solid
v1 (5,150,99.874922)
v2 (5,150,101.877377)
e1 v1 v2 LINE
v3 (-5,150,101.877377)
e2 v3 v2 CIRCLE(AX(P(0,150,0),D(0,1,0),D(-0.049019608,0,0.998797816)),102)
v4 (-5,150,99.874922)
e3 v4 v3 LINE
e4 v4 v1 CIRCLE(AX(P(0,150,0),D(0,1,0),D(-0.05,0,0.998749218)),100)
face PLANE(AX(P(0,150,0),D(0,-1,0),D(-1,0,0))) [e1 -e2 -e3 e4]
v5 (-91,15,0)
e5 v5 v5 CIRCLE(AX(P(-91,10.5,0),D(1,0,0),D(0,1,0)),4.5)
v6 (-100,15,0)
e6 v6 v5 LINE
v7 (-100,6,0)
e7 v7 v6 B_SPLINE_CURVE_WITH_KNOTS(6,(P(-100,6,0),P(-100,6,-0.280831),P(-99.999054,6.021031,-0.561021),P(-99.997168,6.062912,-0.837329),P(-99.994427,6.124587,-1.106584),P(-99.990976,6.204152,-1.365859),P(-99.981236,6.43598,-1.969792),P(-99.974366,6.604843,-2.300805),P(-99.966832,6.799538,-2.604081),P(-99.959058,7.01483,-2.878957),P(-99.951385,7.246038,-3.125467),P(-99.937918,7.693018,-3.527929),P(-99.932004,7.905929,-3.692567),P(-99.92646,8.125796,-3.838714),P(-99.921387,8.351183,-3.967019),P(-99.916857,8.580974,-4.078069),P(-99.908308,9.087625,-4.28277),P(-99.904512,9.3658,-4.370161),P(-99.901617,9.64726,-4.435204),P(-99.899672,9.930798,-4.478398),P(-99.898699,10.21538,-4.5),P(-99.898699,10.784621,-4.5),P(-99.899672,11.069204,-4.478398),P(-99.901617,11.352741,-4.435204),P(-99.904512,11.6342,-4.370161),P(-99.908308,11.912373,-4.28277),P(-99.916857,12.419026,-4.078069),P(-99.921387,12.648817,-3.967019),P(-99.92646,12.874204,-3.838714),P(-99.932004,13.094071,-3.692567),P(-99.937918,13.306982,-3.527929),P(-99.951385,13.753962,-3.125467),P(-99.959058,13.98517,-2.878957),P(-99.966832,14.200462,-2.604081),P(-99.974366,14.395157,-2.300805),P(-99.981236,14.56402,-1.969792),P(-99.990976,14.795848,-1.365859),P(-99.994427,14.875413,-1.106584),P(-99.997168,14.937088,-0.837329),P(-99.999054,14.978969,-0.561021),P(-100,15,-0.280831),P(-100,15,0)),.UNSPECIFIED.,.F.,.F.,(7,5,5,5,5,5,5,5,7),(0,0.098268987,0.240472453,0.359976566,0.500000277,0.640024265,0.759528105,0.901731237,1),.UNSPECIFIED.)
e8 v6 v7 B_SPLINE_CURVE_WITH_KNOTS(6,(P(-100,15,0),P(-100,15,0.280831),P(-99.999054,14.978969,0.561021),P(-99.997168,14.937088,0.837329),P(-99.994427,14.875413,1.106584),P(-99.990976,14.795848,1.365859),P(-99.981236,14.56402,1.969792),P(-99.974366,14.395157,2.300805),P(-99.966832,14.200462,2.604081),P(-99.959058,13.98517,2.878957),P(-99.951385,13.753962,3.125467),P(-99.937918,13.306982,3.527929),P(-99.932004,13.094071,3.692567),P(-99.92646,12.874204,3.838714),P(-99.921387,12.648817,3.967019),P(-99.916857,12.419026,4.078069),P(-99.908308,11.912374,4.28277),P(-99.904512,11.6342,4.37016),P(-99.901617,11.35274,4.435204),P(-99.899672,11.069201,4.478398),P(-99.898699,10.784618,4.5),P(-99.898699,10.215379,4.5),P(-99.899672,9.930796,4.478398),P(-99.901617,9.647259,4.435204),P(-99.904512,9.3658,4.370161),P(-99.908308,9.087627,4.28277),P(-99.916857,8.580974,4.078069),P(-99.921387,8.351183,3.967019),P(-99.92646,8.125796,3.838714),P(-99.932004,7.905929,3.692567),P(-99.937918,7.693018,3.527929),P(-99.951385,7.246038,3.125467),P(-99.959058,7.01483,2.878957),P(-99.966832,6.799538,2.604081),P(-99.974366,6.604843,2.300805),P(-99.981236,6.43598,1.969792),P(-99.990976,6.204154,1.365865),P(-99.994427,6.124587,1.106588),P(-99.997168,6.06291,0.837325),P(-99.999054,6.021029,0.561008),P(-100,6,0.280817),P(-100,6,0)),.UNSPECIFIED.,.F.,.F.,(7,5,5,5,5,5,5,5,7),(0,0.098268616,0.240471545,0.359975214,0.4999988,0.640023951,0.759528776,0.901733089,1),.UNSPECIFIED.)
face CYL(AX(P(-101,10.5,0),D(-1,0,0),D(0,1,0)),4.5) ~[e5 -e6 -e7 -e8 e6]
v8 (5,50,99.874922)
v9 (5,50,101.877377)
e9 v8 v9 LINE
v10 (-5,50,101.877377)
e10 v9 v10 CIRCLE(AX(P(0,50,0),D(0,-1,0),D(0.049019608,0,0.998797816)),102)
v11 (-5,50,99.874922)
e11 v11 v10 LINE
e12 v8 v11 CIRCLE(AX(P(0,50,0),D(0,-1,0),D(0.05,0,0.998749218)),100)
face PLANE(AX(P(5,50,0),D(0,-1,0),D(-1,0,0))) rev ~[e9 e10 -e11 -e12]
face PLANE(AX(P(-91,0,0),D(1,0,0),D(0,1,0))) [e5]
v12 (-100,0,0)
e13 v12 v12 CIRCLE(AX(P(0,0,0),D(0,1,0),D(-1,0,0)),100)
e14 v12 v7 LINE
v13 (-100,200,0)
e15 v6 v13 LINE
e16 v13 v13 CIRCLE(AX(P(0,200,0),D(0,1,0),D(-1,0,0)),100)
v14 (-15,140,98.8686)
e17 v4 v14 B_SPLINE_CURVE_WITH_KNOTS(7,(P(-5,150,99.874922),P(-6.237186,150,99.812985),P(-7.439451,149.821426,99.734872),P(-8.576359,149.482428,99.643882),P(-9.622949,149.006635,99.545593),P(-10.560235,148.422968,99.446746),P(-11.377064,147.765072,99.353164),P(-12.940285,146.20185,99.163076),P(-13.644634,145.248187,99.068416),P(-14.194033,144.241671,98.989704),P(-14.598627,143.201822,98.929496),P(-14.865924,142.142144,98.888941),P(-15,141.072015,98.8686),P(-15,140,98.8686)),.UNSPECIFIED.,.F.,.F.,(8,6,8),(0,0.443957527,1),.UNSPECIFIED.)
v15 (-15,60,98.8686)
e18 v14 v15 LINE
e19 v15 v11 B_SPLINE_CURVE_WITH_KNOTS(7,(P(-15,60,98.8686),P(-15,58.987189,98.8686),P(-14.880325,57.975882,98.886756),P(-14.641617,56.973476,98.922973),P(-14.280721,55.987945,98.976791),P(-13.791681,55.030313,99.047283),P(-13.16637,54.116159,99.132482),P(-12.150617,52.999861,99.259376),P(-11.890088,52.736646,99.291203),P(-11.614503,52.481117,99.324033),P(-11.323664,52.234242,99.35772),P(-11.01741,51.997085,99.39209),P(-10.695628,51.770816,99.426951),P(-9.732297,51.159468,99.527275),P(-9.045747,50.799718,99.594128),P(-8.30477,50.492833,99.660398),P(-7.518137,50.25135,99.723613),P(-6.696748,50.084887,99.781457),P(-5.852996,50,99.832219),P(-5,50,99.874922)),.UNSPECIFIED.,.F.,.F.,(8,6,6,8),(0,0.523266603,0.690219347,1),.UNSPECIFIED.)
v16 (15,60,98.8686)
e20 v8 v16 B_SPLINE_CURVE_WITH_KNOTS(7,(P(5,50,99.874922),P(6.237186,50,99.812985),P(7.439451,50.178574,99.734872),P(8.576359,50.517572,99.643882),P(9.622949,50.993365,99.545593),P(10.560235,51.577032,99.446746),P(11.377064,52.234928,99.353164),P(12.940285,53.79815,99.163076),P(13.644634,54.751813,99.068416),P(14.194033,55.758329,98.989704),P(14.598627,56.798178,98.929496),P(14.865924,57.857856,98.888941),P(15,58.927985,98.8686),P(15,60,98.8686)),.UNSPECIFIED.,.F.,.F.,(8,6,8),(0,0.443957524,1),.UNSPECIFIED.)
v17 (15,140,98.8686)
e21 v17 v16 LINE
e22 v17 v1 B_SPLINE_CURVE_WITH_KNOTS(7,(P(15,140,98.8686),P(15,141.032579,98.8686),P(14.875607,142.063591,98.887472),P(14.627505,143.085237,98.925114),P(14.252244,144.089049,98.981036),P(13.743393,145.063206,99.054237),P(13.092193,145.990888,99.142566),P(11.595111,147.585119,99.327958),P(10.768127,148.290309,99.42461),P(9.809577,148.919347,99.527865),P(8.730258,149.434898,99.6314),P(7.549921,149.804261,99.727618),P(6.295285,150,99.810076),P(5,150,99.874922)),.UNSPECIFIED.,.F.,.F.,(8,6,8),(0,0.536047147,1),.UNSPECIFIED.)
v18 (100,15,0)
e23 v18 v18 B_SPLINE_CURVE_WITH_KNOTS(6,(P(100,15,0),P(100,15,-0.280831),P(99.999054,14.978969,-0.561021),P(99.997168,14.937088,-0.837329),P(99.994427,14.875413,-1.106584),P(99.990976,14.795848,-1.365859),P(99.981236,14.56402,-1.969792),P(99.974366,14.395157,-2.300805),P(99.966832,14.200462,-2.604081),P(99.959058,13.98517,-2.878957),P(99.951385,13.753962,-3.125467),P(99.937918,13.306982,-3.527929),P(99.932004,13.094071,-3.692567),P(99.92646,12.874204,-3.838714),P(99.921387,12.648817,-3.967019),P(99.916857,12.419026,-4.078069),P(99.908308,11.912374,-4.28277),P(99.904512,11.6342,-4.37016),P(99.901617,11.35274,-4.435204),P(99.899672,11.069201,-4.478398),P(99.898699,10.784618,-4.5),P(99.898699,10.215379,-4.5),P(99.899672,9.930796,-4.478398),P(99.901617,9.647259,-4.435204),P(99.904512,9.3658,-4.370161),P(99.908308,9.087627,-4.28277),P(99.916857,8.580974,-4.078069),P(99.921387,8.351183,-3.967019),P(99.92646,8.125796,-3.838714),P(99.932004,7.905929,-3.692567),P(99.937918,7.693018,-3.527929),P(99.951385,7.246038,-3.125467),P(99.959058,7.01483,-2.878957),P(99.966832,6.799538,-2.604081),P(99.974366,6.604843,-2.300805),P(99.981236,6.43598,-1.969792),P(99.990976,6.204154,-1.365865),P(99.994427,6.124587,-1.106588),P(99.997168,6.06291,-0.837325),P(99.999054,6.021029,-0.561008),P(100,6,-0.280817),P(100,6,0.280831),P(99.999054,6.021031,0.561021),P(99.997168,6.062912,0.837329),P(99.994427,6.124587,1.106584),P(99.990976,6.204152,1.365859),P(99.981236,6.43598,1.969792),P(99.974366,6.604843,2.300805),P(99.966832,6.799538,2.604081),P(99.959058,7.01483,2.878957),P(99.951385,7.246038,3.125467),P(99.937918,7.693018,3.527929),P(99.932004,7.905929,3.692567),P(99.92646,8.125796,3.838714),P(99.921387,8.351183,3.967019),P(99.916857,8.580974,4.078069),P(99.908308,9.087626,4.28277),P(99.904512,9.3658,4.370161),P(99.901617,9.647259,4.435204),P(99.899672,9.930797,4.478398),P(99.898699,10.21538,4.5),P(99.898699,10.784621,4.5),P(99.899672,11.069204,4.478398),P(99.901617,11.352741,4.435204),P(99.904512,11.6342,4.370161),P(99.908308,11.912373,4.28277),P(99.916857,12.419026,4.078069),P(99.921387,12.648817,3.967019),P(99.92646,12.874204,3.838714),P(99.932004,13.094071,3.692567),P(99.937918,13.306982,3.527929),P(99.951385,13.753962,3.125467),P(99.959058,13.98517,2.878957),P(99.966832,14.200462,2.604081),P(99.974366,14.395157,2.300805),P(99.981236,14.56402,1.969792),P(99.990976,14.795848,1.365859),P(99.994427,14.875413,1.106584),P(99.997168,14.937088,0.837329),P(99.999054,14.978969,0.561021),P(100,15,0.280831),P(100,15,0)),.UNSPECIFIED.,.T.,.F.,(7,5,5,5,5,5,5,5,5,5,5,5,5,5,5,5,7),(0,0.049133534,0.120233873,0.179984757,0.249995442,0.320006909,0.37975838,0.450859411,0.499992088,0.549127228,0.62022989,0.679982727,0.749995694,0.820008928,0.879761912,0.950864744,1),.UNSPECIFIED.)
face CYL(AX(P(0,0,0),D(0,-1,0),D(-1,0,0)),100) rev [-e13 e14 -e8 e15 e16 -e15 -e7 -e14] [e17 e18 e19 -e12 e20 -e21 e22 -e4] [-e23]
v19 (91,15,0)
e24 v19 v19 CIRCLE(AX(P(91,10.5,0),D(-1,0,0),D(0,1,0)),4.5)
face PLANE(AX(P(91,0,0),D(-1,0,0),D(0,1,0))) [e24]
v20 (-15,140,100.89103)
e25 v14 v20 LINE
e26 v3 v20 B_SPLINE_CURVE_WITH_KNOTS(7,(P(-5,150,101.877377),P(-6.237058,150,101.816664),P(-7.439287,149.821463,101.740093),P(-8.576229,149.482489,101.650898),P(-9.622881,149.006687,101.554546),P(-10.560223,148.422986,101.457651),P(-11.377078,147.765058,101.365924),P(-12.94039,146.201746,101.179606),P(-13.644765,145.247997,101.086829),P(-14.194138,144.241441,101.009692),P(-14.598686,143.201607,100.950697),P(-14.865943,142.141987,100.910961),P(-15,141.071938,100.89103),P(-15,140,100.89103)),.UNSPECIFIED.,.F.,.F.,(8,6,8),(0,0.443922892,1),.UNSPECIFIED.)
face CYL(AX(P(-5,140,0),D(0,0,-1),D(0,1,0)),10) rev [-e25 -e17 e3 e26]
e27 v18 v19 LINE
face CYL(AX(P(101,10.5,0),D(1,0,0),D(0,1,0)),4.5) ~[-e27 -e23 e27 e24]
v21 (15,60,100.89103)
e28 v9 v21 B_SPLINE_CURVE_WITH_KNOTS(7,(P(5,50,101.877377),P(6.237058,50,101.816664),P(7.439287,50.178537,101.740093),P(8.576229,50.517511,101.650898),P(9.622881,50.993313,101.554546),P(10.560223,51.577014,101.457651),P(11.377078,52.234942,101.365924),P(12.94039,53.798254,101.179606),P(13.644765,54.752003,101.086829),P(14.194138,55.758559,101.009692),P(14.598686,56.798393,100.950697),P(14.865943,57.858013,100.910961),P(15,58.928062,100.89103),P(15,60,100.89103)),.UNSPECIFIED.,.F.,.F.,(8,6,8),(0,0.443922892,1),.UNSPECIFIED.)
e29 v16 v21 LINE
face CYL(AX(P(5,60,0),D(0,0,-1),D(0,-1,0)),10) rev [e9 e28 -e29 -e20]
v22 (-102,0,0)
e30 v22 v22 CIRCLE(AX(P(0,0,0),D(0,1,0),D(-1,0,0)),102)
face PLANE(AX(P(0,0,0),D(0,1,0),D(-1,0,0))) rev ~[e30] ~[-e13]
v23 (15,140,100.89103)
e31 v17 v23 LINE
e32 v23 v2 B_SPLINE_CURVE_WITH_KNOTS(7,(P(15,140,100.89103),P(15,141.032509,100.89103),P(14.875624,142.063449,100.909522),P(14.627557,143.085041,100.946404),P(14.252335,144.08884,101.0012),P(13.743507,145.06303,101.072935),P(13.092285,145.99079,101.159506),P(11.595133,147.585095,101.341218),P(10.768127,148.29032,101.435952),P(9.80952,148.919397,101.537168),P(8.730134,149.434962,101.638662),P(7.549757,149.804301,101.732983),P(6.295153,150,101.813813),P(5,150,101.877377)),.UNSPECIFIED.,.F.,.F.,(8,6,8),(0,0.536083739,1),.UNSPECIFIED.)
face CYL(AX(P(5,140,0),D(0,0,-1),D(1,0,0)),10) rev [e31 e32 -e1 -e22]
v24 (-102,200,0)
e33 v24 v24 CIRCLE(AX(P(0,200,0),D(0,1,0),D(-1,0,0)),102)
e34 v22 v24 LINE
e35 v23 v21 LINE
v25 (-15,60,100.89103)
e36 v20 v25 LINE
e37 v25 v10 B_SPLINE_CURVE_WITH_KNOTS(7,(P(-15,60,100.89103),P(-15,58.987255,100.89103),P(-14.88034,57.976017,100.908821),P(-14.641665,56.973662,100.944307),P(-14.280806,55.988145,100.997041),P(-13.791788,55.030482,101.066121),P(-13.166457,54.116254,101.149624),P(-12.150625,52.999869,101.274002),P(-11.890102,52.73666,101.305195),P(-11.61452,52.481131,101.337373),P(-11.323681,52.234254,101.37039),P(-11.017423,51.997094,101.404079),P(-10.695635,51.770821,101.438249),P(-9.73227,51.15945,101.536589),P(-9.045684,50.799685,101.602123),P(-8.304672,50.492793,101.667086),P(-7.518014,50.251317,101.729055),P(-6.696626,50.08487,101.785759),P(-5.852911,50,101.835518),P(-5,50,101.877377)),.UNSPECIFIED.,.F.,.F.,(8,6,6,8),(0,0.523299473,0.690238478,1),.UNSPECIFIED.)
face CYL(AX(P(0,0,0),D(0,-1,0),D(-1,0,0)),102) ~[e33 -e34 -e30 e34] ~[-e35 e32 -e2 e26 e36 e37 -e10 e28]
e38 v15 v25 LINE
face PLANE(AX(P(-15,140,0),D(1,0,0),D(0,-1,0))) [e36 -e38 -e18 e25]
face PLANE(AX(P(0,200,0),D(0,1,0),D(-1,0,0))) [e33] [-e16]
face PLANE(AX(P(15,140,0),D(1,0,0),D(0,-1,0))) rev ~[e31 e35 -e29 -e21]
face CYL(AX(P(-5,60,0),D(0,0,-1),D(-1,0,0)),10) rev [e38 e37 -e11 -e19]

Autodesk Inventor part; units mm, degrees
ref_plane "XZ Plane" through (0, 0, 0) normal (0, 1, 0) x (-1, 0, 0)
ref_plane "XY Plane" through (0, 0, 0) normal (0, 0, 1) x (1, 0, 0)
sketch "Sketch1" plane through (0, 0, 0) normal (0, 1, 0) x (-1, 0, 0)
  circle A0 centre (0, 0) radius 100
  circle A1 centre (0, 0) radius 102
  dimension "d0" = 200
  dimension "d1" = 2
extrude "Extrusion1" add sketch "Sketch1" along normal blind 200
sketch "Sketch2" plane through (0, 0, 0) normal (0, 0, 1) x (1, 0, 0)
  line L0 (-5, 50) -> (0, 50)
  line L1 (0, 150) -> (-5, 150)
  line L2 (-15, 140) -> (-15, 60)
  line L3 (102, 200) -> (-102, 200) projected
  line L4 (0, 200) -> (0, 0) construction
  line L5 (102, 0) -> (-102, 0) projected
  line L6 (-102, 200) -> (102, 0) construction
  line L7 (102, 200) -> (0, 100) construction
  line L8 (0, 100) -> (-15, 100) construction
  line L9 (5, 50) -> (0, 50)
  line L10 (0, 150) -> (5, 150)
  line L11 (15, 140) -> (15, 60)
  arc A0 (-5, 150) -> (-15, 140) centre (-5, 140) ccw
  arc A1 (15, 140) -> (5, 150) centre (5, 140) ccw
  arc A2 (-15, 60) -> (-5, 50) centre (-5, 60) ccw
  arc A3 (5, 50) -> (15, 60) centre (5, 60) ccw
  point P0 (-15, 50)
  point P1 (-15, 150)
  point P2 (15, 50)
  point P3 (15, 150)
  dimension "d4" = 15
  dimension "d5" = 100
  dimension "d9" = 10
extrude "Extrusion2" cut sketch "Sketch2" along normal through all
ref_plane "Work Plane1" through (-101, 0, 0) normal (1, 0, 0) x (0, 1, 0)
sketch "Sketch3" plane through (-101, 0, 0) normal (1, 0, 0) x (0, 1, 0)
  circle A0 centre (10.5, 0) radius 4.5
  line L0 (0, 0) -> (200, 0) construction
  line L1 (200, -102) -> (200, 102) projected
  dimension "d11" = 9
  dimension "d12" = 10.5
extrude "Extrusion3" add sketch "Sketch3" along normal blind 10
pattern_circular "Circular Pattern1" count 2 over 360 about axis through (0, 0, 0) along (0, 1, 0) of "Extrusion3"
properties part number "cover"
